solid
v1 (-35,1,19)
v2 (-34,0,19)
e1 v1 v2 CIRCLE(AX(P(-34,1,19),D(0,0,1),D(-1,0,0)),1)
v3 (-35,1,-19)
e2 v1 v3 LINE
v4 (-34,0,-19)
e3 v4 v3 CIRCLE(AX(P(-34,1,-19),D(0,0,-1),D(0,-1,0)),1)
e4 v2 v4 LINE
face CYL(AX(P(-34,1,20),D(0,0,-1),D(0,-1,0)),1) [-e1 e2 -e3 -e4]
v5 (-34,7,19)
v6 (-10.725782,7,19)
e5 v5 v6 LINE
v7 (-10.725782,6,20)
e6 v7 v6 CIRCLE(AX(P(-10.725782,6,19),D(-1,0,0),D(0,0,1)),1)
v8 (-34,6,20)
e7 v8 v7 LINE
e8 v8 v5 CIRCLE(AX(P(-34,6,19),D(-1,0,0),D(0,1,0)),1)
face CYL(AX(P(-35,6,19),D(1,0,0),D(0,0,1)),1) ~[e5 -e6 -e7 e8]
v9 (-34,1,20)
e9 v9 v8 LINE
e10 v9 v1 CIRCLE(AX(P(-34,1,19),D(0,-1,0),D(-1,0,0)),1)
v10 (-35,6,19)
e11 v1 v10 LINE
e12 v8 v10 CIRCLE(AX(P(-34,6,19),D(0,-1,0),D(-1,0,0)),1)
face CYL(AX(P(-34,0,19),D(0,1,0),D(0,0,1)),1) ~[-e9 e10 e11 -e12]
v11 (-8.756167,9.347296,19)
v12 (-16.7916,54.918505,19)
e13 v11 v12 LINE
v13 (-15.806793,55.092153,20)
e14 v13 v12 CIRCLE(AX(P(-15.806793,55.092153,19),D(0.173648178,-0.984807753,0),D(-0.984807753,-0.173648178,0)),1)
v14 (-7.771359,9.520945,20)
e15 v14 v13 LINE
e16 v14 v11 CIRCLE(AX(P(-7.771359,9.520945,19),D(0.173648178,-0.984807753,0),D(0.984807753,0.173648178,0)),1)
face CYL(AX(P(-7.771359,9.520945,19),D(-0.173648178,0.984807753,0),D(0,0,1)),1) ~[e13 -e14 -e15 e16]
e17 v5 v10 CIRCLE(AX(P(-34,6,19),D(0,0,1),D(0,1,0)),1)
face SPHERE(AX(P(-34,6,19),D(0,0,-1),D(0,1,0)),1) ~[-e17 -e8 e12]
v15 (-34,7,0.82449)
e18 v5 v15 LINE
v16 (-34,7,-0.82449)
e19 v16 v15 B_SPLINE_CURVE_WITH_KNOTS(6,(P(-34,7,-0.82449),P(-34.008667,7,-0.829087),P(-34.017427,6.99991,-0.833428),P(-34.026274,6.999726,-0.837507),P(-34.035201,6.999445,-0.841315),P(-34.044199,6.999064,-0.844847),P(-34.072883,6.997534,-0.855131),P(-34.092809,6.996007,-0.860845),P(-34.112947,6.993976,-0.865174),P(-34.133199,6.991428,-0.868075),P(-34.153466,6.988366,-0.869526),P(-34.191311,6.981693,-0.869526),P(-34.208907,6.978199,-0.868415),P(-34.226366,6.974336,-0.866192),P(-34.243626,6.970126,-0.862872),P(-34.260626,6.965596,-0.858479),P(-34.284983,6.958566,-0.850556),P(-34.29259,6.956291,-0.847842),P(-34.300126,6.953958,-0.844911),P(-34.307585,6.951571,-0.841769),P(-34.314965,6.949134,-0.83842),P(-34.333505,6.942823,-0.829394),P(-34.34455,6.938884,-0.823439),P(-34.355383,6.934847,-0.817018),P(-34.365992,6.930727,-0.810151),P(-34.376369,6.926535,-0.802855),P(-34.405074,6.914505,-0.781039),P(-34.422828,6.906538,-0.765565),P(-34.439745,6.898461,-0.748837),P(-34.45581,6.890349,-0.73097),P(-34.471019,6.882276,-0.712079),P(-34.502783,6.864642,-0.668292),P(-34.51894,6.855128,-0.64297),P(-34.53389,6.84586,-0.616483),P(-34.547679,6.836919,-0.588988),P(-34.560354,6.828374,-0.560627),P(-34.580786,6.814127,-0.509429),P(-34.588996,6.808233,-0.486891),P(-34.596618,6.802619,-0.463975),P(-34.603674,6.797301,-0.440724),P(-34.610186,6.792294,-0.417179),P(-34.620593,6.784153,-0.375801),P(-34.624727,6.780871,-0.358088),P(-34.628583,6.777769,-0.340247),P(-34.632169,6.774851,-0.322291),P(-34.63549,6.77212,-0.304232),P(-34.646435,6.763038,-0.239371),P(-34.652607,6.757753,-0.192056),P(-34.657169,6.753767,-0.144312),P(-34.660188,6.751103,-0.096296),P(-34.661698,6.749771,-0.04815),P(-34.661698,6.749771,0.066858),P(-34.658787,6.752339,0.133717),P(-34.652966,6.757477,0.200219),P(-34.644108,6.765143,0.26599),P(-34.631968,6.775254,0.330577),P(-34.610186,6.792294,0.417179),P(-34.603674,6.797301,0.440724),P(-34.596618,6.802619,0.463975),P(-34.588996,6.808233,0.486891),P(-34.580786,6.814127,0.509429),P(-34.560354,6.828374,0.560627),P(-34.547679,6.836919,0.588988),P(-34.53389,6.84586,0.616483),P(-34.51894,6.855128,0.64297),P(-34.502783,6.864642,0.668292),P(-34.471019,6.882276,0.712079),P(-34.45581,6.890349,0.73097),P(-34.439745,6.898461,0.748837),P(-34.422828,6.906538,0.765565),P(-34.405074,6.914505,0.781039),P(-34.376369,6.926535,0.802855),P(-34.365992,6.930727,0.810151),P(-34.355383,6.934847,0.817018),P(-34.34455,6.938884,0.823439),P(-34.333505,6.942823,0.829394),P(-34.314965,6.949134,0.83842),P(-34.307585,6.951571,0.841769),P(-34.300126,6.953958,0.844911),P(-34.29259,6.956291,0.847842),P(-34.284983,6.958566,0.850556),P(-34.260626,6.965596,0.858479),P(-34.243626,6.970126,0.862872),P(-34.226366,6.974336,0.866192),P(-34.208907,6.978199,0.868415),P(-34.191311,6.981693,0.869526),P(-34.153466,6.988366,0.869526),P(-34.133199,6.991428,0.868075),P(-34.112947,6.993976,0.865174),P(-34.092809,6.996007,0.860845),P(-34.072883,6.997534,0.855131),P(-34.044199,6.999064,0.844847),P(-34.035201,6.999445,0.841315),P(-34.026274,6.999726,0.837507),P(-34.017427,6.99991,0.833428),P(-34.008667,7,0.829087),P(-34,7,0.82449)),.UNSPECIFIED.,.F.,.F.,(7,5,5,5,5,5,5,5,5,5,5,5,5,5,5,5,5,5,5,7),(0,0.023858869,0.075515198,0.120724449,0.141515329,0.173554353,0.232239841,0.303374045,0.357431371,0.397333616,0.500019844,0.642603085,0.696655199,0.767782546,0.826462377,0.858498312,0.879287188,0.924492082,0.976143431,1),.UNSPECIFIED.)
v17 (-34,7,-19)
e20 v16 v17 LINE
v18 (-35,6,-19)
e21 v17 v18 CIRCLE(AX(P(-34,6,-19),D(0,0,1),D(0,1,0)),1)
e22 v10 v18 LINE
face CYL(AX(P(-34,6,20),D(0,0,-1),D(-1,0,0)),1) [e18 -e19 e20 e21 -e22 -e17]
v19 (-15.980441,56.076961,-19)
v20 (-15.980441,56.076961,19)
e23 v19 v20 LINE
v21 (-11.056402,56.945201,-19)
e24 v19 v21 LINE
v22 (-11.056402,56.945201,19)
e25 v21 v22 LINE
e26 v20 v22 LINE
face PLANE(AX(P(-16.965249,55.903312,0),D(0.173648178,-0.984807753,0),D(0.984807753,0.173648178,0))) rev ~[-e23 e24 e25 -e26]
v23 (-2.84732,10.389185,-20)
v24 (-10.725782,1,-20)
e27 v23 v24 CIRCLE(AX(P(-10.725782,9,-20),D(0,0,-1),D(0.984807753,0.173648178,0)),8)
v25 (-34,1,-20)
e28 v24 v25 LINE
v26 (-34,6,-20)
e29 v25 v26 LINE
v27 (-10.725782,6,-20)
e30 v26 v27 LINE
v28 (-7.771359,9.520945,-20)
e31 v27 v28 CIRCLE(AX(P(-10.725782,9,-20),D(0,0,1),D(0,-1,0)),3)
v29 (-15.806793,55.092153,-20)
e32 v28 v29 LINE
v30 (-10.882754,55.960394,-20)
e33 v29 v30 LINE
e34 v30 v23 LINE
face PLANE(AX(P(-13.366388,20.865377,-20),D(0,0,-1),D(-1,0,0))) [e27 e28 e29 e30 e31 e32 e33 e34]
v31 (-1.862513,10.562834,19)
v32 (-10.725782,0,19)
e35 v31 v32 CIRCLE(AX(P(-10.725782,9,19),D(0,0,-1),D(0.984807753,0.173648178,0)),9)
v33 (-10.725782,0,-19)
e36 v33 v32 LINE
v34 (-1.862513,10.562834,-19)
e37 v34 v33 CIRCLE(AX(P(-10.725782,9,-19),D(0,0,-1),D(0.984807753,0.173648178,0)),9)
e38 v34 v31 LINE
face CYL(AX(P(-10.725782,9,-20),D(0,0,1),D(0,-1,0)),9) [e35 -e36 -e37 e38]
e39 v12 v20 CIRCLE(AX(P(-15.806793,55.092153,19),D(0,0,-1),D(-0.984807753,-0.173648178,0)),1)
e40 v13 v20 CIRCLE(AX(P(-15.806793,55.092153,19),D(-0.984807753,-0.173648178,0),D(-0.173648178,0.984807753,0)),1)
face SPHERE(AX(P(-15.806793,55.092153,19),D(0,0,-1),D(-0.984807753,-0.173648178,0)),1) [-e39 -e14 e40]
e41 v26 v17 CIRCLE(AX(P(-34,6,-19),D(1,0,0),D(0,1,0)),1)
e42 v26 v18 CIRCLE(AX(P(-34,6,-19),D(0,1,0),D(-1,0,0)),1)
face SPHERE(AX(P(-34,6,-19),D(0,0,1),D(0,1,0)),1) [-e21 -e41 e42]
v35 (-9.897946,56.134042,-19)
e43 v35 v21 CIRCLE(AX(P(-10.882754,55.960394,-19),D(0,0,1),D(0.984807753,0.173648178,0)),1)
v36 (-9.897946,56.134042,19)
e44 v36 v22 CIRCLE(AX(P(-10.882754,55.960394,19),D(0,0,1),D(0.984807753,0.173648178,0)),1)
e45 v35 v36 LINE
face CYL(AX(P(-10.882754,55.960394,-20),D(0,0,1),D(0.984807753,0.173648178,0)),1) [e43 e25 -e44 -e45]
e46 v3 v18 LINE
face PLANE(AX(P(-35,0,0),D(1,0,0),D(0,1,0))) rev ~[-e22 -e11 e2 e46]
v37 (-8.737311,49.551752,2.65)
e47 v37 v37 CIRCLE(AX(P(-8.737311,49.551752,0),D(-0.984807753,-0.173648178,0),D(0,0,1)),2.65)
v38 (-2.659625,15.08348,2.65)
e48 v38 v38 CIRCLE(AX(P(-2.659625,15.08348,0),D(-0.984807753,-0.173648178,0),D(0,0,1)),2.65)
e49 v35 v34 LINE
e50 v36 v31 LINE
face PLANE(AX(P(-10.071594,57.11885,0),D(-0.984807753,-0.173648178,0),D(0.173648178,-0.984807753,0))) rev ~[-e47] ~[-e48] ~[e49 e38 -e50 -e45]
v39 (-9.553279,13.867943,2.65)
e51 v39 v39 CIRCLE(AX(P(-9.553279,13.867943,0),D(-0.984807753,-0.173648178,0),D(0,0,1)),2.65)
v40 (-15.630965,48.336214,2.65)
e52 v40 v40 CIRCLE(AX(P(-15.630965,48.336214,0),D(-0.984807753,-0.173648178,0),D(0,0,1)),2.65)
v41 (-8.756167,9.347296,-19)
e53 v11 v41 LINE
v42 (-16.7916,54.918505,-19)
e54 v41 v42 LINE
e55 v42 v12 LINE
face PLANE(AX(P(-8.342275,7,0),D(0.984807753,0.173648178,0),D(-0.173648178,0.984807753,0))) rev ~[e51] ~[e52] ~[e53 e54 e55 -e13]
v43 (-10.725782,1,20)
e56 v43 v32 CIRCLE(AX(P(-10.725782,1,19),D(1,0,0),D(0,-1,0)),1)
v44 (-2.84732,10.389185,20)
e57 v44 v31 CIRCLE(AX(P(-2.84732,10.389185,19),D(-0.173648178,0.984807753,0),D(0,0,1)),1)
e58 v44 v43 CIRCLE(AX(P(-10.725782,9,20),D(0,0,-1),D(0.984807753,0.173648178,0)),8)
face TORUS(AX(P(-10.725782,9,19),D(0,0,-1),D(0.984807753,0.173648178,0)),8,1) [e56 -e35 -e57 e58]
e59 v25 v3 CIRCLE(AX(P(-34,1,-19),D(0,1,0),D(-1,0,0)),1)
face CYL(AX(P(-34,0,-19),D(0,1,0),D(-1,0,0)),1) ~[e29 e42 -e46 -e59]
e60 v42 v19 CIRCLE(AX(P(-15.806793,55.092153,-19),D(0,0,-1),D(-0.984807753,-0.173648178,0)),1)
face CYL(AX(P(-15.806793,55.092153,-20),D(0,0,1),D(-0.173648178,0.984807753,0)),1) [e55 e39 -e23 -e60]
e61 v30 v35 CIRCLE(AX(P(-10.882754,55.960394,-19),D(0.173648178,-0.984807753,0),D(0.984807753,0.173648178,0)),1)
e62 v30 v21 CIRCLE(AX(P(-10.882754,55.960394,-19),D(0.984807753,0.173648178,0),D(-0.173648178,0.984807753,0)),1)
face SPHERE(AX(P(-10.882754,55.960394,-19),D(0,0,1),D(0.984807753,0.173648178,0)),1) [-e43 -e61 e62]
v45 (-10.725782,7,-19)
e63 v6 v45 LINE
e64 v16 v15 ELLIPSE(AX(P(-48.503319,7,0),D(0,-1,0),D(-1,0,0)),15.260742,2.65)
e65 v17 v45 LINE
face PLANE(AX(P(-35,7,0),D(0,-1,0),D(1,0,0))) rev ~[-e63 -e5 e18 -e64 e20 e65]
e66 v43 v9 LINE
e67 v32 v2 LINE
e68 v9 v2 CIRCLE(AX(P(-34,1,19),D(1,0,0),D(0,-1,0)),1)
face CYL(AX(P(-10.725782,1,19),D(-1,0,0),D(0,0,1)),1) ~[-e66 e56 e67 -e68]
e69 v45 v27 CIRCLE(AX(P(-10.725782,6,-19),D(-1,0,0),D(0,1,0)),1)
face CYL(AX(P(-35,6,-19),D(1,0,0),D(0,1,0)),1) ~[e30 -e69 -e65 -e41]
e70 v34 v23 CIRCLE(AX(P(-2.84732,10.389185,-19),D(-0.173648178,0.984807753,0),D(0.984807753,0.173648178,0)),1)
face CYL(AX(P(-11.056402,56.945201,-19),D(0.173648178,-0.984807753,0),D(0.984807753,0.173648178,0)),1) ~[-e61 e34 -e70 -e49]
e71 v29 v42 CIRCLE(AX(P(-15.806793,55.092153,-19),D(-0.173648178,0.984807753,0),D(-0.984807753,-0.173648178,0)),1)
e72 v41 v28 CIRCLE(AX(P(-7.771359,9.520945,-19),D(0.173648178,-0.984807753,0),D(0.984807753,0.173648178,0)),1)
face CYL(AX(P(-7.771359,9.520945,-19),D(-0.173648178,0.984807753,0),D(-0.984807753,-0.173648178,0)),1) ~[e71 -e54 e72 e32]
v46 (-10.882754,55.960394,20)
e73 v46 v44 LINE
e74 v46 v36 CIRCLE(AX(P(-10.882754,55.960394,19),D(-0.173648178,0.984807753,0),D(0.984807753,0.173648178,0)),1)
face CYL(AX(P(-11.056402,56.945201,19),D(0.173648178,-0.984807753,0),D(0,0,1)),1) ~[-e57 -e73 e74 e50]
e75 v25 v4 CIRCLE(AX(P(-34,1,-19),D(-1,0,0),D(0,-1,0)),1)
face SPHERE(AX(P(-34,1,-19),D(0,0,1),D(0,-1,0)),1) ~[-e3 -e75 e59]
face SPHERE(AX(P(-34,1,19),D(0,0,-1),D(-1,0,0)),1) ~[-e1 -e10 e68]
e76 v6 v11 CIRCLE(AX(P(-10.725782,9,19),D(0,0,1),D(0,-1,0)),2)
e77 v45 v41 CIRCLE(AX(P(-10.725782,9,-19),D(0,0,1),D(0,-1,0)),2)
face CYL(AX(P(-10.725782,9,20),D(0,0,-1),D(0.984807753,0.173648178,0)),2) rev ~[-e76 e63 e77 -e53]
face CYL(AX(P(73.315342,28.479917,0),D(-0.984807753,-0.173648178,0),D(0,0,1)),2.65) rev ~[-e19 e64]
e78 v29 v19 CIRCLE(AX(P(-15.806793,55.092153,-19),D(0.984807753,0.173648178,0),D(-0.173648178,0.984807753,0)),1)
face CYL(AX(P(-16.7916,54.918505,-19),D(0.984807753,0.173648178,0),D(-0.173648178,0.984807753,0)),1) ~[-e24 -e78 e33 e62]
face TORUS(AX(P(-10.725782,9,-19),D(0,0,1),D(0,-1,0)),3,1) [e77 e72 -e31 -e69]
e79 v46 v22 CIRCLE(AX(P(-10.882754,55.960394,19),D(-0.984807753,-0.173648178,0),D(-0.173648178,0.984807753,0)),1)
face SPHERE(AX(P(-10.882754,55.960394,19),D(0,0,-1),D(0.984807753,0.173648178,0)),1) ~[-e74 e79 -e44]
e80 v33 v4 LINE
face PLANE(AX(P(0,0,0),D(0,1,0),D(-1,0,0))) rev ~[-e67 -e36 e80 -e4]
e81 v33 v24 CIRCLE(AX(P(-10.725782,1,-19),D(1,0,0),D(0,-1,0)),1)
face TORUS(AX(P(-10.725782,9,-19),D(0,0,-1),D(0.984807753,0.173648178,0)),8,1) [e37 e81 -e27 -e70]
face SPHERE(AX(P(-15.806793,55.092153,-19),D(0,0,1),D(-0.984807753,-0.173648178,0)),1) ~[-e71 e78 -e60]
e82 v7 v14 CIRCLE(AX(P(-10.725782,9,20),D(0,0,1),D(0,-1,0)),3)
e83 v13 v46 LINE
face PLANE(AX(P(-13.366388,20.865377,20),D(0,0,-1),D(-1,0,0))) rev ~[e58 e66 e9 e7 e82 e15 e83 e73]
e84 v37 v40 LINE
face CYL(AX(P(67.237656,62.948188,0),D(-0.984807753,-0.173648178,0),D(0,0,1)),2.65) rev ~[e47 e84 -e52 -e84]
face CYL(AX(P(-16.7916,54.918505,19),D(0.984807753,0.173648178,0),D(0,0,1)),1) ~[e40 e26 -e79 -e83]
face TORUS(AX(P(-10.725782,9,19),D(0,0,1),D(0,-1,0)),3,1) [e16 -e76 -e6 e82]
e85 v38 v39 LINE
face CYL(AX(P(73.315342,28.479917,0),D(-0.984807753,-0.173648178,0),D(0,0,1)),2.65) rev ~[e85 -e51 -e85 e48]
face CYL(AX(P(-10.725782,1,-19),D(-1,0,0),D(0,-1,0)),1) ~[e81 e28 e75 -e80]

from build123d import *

# Parameters (mm, degrees)
BOSS_EXTRUDE1_DEPTH = 20
FILLET2_R           = 2
FILLET3_R           = 9
FILLET1_R           = 1
HOLE1_D             = 5.3


with BuildPart() as part:
    # Sketch2 → Boss-Extrude1 (new, symmetric)
    with BuildSketch(Plane.XY):
        Polygon((0, 0), (-35, 0), (-35, 7), (-8.342275148, 7), (-16.965248576, 55.903312431), (-10.071594305, 57.118849675), align=None)
    extrude(amount=BOSS_EXTRUDE1_DEPTH, both=True)

    # Fillet2
    fillet2_edges = [part.edges().sort_by_distance(p)[0] for p in [
        (-8.342275148, 7, 0),
    ]]
    fillet(fillet2_edges, radius=FILLET2_R)

    # Fillet3
    fillet3_edges = [part.edges().sort_by_distance(p)[0] for p in [
        (0, 0, 0),
    ]]
    fillet(fillet3_edges, radius=FILLET3_R)

    # Fillet1
    fillet1_edges = [part.edges().sort_by_distance(p)[0] for p in [
        (-22.862891167, 0, 20),
        (-22.862891167, 7, 20),
        (-12.860707702, 32.625304393, 20),
        (-5.96705343, 33.840841637, 20),
        (-35, 7, 0),
        (-35, 3.5, 20),
        (-35, 0, 0),
        (-35, 3.5, -20),
        (-10.071594305, 57.118849675, 0),
        (-13.51842144, 56.511081053, 20),
        (-16.965248576, 55.903312431, 0),
        (-13.51842144, 56.511081053, -20),
        (-9.193693447, 7.714424781, 20),
        (-3.831382345, 3.214911513, 20),
        (-12.860707702, 32.625304393, -20),
        (-9.193693447, 7.714424781, -20),
        (-22.862891167, 7, -20),
        (-22.862891167, 0, -20),
        (-3.831382345, 3.214911513, -20),
        (-5.96705343, 33.840841637, -20),
    ]]
    fillet(fillet1_edges, radius=FILLET1_R)

    # Hole1 (through all)
    with Locations(Plane(origin=(0, 0, 0), x_dir=(0, 0, -1), z_dir=(0.984807753012208, 0.17364817766693083, 0))):
        with Locations((0, 50.31616731), (0, 15.31616731)):
            Hole(HOLE1_D / 2)


solid = part.part
